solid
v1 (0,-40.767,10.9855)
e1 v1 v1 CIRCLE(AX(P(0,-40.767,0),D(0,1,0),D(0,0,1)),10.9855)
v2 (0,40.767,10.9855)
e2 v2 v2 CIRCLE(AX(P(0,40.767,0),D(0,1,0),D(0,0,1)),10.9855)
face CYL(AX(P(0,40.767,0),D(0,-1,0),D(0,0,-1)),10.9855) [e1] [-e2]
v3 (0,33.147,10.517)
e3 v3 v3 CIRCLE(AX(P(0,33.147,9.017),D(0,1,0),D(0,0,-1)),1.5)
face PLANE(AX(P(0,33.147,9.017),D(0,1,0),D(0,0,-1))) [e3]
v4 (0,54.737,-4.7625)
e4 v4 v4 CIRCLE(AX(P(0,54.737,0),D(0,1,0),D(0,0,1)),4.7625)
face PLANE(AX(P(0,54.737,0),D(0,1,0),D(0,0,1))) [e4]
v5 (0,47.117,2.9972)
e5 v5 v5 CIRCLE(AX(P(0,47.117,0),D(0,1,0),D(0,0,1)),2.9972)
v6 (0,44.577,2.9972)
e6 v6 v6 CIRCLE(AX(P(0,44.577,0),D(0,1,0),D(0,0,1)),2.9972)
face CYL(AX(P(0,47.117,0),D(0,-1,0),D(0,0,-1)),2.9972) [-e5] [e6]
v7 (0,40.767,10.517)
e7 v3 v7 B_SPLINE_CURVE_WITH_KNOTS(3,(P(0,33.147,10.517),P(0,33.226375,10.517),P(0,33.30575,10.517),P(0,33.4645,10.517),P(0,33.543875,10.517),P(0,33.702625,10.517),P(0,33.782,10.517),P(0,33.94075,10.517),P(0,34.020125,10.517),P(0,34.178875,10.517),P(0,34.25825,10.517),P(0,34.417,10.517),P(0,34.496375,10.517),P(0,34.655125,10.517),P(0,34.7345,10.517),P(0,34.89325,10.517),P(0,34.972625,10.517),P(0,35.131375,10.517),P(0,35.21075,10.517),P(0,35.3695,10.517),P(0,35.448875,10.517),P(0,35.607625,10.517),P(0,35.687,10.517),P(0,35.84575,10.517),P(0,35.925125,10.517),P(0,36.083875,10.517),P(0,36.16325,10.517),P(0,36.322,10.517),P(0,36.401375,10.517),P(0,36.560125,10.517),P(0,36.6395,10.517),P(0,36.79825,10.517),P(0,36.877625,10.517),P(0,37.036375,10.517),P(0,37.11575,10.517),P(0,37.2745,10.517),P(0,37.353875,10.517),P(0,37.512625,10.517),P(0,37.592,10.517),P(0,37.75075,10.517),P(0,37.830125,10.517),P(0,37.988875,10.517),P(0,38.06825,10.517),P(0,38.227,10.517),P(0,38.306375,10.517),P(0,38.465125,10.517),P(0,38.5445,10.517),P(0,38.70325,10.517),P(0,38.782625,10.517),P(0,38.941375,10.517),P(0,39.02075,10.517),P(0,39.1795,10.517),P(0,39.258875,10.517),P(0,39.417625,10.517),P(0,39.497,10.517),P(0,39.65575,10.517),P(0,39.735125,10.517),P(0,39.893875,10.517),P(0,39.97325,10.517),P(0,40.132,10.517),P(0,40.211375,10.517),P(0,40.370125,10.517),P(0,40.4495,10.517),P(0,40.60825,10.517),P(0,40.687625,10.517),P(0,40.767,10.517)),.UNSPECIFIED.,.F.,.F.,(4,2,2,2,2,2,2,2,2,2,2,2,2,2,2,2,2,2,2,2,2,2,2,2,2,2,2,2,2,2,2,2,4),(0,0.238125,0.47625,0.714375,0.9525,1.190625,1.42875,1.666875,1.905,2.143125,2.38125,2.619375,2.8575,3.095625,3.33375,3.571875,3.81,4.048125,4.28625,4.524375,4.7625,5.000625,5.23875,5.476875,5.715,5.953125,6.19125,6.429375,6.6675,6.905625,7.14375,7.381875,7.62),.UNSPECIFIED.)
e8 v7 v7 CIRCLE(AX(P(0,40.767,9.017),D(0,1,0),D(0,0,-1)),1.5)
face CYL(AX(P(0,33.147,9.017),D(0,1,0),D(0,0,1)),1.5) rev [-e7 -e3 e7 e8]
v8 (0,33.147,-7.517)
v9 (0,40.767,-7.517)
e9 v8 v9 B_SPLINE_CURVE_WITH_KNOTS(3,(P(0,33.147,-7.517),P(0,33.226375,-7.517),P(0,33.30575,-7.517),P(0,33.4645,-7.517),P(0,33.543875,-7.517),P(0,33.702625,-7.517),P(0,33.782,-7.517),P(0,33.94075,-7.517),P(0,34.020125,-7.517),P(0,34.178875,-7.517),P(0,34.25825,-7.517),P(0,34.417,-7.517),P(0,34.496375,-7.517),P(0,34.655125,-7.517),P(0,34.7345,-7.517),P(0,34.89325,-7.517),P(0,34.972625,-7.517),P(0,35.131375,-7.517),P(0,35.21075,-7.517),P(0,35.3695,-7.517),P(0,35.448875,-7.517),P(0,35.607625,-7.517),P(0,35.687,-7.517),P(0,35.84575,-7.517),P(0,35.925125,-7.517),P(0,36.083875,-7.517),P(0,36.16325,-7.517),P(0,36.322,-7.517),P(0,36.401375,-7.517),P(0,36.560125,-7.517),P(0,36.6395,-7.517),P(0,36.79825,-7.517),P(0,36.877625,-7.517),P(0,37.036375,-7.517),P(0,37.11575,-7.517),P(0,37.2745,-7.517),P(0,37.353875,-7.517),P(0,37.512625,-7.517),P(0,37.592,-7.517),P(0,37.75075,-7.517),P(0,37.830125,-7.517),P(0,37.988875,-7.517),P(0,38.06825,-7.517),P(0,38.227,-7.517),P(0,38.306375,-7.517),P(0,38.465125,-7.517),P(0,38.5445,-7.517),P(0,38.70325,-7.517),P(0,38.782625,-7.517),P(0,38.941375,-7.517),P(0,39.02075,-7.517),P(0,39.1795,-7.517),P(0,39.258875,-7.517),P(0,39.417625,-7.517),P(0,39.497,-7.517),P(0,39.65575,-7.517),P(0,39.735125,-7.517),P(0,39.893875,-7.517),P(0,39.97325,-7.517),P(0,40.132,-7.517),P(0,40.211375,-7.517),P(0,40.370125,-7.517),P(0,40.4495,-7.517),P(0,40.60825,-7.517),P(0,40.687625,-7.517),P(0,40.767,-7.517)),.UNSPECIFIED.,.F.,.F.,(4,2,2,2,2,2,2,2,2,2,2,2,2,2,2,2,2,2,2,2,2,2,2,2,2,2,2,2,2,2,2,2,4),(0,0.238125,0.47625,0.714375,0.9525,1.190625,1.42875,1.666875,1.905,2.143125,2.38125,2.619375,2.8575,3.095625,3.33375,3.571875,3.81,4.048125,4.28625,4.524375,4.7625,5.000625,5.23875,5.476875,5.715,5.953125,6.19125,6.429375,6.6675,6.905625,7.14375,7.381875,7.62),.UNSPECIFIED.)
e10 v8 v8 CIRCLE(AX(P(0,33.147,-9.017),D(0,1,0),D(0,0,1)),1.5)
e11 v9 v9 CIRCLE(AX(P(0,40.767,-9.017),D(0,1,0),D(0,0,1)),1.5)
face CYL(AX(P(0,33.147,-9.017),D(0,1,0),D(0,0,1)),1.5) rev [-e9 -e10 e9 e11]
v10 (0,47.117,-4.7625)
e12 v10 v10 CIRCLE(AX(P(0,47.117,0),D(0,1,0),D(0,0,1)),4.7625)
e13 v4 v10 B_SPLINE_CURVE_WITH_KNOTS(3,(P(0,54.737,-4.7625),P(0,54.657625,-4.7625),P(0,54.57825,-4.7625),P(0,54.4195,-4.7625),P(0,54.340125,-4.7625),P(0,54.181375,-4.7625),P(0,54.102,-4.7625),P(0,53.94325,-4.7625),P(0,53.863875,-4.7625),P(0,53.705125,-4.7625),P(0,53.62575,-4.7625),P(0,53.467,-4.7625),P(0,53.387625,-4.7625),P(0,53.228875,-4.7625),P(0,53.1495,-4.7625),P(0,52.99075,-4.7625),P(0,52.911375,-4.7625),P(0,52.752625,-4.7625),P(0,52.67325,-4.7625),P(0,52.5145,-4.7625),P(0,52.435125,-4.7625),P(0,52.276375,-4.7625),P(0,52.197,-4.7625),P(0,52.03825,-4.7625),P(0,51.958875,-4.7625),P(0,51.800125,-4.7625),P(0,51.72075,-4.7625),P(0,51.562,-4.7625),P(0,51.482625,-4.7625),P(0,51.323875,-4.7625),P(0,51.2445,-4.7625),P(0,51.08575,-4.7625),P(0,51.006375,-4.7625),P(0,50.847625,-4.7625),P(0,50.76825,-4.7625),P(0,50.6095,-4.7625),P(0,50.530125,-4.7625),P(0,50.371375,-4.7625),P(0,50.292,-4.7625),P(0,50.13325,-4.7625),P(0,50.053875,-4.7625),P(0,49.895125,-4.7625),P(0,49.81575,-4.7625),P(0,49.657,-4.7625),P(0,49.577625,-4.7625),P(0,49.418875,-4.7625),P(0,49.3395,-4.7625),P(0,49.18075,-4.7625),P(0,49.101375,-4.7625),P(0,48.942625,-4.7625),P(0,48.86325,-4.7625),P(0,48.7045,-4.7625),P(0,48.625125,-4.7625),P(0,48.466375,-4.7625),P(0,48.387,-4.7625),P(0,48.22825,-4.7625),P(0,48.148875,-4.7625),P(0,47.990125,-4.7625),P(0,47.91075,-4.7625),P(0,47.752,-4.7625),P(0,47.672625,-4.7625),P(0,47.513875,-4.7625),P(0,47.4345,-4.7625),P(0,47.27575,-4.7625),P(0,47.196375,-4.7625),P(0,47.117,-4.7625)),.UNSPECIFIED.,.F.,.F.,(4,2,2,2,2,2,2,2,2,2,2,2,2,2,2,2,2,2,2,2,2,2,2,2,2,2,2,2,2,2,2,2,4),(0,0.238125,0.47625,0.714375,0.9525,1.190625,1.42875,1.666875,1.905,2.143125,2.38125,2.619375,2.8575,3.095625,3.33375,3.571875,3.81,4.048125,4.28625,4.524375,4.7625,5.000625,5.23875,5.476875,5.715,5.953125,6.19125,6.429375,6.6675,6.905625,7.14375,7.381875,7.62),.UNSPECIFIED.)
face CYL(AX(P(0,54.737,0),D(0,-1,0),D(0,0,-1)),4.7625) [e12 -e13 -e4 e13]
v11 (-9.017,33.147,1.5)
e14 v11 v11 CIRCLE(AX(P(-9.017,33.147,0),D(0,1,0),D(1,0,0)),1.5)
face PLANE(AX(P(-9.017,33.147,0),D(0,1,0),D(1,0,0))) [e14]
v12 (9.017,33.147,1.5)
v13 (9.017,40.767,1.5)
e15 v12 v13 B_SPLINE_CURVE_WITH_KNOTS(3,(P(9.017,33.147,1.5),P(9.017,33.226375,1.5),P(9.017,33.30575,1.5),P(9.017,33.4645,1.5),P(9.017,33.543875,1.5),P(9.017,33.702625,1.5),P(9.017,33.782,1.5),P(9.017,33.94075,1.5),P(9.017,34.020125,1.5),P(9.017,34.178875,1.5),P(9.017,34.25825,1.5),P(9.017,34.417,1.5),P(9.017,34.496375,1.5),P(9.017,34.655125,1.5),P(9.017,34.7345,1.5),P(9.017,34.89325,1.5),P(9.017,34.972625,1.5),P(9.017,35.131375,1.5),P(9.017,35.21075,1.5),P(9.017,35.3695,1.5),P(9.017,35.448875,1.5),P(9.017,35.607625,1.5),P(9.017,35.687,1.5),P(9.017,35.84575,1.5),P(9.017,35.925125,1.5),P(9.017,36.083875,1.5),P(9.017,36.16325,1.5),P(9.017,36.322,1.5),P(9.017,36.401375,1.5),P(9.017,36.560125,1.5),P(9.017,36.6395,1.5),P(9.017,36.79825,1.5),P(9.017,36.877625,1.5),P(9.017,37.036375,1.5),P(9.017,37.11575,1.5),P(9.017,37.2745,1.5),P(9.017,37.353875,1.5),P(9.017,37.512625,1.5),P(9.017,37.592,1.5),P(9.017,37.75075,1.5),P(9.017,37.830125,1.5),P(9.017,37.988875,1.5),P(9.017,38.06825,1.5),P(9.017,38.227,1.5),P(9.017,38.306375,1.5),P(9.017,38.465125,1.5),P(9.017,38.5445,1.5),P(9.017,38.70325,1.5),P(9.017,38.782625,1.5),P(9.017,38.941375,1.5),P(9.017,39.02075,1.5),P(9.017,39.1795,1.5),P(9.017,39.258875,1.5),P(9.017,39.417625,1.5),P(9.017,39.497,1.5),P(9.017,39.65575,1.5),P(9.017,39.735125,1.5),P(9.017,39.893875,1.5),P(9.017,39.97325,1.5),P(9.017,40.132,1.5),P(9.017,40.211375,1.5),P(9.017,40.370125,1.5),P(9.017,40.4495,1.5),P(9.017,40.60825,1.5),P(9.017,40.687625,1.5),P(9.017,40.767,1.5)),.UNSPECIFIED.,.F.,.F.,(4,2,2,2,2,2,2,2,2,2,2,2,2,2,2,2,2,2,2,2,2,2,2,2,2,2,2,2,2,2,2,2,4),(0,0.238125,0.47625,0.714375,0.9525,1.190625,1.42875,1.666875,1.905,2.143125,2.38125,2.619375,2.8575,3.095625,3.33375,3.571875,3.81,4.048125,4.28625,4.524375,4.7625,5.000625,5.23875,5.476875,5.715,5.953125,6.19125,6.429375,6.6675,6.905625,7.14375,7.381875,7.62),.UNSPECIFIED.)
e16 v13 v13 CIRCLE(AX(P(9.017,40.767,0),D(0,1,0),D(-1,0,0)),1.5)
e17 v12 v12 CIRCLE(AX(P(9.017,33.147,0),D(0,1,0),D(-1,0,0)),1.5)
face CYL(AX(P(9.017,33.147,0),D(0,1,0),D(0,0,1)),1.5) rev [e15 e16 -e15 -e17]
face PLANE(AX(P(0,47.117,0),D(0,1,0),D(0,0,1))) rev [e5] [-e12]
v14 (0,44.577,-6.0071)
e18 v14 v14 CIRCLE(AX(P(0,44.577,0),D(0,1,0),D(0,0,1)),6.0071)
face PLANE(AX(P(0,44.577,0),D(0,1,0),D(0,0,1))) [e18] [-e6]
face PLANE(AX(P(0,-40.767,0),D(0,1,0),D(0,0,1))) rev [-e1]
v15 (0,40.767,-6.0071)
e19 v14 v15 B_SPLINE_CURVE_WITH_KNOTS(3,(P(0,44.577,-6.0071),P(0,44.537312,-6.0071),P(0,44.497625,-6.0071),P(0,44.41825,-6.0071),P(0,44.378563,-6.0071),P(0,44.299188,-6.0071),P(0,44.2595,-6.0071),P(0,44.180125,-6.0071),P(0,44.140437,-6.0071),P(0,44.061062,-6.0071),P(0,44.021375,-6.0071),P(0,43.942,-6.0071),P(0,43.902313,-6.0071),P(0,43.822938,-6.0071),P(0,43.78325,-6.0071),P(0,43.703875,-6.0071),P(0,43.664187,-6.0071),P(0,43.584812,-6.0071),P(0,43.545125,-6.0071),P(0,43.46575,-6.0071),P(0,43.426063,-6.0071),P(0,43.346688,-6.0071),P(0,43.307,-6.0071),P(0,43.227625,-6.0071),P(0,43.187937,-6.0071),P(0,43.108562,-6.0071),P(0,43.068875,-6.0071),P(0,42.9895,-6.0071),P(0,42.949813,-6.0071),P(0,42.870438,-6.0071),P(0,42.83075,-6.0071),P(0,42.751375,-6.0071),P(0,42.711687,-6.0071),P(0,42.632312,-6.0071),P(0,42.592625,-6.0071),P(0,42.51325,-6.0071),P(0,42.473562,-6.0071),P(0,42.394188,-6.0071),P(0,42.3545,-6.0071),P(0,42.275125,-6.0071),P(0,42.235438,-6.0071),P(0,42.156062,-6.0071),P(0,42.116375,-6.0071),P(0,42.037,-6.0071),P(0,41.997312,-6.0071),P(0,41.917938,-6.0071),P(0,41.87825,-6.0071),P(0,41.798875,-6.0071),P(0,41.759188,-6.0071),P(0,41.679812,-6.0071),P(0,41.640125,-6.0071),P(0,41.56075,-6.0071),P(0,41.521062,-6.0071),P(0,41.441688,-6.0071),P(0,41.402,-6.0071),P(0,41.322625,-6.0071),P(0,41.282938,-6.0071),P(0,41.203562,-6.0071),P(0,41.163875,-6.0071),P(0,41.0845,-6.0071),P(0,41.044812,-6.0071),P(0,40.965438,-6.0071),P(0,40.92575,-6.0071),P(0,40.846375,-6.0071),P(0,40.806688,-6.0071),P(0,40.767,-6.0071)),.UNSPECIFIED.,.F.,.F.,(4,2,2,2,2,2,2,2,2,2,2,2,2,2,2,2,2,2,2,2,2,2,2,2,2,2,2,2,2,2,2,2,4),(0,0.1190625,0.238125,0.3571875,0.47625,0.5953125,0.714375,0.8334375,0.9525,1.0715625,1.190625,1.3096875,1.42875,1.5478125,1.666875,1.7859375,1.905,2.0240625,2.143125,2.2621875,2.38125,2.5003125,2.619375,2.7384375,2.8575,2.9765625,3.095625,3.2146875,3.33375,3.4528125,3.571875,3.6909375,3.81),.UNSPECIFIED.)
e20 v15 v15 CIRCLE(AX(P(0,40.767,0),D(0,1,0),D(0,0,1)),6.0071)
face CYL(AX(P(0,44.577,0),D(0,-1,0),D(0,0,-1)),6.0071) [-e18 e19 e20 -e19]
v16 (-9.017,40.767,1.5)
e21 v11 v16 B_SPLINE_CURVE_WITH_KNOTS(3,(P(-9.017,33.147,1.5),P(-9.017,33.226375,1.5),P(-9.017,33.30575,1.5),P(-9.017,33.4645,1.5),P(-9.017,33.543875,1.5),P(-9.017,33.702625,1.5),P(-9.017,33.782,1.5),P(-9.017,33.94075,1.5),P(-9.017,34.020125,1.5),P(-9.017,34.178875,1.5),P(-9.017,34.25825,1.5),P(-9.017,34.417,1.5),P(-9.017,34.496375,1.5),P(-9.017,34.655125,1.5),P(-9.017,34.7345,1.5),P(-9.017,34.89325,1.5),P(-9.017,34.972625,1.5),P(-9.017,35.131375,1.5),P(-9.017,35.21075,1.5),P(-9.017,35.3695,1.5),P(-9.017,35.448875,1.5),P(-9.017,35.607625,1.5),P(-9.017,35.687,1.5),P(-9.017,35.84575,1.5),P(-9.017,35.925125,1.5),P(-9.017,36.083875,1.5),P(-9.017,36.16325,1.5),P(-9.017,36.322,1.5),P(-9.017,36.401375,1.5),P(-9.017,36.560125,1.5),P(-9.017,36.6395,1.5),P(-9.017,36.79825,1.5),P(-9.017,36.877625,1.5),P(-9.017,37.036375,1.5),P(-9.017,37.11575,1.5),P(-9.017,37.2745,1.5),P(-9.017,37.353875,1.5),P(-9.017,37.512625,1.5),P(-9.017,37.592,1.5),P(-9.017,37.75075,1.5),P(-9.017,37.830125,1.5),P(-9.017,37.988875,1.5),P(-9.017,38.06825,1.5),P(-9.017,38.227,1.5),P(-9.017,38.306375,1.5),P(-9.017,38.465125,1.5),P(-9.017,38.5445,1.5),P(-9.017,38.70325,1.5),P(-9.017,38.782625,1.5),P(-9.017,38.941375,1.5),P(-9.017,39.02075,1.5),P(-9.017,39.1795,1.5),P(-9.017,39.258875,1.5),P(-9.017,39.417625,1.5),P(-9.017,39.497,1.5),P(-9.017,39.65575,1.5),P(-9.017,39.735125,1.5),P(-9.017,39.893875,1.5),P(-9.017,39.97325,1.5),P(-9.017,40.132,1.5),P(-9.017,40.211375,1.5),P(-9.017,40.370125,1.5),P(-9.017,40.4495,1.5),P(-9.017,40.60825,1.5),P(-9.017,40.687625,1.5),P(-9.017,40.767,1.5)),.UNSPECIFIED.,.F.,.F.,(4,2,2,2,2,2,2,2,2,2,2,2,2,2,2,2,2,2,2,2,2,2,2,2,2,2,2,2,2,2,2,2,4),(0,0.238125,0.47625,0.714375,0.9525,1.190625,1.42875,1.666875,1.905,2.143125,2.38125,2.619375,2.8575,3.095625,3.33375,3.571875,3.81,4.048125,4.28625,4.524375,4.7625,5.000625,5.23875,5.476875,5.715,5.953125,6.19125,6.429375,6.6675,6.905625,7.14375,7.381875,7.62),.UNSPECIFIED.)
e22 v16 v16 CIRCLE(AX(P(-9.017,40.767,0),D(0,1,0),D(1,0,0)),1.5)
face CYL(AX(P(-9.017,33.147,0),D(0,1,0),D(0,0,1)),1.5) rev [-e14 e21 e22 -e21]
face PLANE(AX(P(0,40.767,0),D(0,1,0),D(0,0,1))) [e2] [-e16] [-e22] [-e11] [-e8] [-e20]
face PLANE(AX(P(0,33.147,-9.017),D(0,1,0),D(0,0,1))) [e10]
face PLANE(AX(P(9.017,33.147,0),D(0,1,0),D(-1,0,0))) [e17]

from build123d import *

# Parameters (mm, degrees)
SKETCH1_R           = 10.9855
BOSS_EXTRUDE1_DEPTH = 40.767
SKETCH2_R           = 6.0071
BOSS_EXTRUDE2_DEPTH = 3.81
SKETCH3_R           = 2.9972
BOSS_EXTRUDE3_DEPTH = 2.54
SKETCH4_R           = 4.7625
BOSS_EXTRUDE4_DEPTH = 7.62
SKETCH5_R           = 1.5
CUT_EXTRUDE1_DEPTH  = 7.62
CIRPATTERN1_COUNT   = 4


with BuildPart() as part:
    # Sketch1 → Boss-Extrude1 (new, symmetric)
    with BuildSketch(Plane(origin=(0, 0, 0), x_dir=(1, 0, 0), z_dir=(0, 1, 0))):
        with Locations(Location((0, 0, 0), (0, 0, 270))):
            Circle(SKETCH1_R)
    extrude(amount=BOSS_EXTRUDE1_DEPTH, both=True)

    # Sketch2 → Boss-Extrude2 (add)
    with BuildSketch(Plane(origin=(0, 40.767, 0), x_dir=(1, 0, 0), z_dir=(0, 1, 0))):
        with Locations(Location((0, 0, 0), (0, 0, 90))):
            Circle(SKETCH2_R)
    extrude(amount=BOSS_EXTRUDE2_DEPTH)

    # Sketch3 → Boss-Extrude3 (add)
    with BuildSketch(Plane(origin=(0, 44.577, 0), x_dir=(1, 0, 0), z_dir=(0, 1, 0))):
        with Locations(Location((0, 0, 0), (0, 0, 270))):
            Circle(SKETCH3_R)
    extrude(amount=BOSS_EXTRUDE3_DEPTH)

    # Sketch4 → Boss-Extrude4 (add)
    with BuildSketch(Plane(origin=(0, 47.117, 0), x_dir=(1, 0, 0), z_dir=(0, 1, 0))):
        with Locations(Location((0, 0, 0), (0, 0, 90))):
            Circle(SKETCH4_R)
    extrude(amount=BOSS_EXTRUDE4_DEPTH)

    # Sketch5 → Cut-Extrude1 (cut)
    with BuildSketch(Plane(origin=(0, 40.767, 0), x_dir=(1, 0, 0), z_dir=(0, 1, 0))):
        with Locations(Location((0, 9.017, 0), (0, 0, 270))):
            Circle(SKETCH5_R)
    cut_extrude1 = extrude(amount=-CUT_EXTRUDE1_DEPTH, mode=Mode.SUBTRACT)

    # CirPattern1: Cut-Extrude1 ×4 about axis
    cirpattern1_axis = Axis((0, 0, 0), (0, 1, 0))
    for i in range(1, CIRPATTERN1_COUNT):
        add(cut_extrude1.rotate(cirpattern1_axis, i * 360 / CIRPATTERN1_COUNT), mode=Mode.SUBTRACT)


solid = part.part
